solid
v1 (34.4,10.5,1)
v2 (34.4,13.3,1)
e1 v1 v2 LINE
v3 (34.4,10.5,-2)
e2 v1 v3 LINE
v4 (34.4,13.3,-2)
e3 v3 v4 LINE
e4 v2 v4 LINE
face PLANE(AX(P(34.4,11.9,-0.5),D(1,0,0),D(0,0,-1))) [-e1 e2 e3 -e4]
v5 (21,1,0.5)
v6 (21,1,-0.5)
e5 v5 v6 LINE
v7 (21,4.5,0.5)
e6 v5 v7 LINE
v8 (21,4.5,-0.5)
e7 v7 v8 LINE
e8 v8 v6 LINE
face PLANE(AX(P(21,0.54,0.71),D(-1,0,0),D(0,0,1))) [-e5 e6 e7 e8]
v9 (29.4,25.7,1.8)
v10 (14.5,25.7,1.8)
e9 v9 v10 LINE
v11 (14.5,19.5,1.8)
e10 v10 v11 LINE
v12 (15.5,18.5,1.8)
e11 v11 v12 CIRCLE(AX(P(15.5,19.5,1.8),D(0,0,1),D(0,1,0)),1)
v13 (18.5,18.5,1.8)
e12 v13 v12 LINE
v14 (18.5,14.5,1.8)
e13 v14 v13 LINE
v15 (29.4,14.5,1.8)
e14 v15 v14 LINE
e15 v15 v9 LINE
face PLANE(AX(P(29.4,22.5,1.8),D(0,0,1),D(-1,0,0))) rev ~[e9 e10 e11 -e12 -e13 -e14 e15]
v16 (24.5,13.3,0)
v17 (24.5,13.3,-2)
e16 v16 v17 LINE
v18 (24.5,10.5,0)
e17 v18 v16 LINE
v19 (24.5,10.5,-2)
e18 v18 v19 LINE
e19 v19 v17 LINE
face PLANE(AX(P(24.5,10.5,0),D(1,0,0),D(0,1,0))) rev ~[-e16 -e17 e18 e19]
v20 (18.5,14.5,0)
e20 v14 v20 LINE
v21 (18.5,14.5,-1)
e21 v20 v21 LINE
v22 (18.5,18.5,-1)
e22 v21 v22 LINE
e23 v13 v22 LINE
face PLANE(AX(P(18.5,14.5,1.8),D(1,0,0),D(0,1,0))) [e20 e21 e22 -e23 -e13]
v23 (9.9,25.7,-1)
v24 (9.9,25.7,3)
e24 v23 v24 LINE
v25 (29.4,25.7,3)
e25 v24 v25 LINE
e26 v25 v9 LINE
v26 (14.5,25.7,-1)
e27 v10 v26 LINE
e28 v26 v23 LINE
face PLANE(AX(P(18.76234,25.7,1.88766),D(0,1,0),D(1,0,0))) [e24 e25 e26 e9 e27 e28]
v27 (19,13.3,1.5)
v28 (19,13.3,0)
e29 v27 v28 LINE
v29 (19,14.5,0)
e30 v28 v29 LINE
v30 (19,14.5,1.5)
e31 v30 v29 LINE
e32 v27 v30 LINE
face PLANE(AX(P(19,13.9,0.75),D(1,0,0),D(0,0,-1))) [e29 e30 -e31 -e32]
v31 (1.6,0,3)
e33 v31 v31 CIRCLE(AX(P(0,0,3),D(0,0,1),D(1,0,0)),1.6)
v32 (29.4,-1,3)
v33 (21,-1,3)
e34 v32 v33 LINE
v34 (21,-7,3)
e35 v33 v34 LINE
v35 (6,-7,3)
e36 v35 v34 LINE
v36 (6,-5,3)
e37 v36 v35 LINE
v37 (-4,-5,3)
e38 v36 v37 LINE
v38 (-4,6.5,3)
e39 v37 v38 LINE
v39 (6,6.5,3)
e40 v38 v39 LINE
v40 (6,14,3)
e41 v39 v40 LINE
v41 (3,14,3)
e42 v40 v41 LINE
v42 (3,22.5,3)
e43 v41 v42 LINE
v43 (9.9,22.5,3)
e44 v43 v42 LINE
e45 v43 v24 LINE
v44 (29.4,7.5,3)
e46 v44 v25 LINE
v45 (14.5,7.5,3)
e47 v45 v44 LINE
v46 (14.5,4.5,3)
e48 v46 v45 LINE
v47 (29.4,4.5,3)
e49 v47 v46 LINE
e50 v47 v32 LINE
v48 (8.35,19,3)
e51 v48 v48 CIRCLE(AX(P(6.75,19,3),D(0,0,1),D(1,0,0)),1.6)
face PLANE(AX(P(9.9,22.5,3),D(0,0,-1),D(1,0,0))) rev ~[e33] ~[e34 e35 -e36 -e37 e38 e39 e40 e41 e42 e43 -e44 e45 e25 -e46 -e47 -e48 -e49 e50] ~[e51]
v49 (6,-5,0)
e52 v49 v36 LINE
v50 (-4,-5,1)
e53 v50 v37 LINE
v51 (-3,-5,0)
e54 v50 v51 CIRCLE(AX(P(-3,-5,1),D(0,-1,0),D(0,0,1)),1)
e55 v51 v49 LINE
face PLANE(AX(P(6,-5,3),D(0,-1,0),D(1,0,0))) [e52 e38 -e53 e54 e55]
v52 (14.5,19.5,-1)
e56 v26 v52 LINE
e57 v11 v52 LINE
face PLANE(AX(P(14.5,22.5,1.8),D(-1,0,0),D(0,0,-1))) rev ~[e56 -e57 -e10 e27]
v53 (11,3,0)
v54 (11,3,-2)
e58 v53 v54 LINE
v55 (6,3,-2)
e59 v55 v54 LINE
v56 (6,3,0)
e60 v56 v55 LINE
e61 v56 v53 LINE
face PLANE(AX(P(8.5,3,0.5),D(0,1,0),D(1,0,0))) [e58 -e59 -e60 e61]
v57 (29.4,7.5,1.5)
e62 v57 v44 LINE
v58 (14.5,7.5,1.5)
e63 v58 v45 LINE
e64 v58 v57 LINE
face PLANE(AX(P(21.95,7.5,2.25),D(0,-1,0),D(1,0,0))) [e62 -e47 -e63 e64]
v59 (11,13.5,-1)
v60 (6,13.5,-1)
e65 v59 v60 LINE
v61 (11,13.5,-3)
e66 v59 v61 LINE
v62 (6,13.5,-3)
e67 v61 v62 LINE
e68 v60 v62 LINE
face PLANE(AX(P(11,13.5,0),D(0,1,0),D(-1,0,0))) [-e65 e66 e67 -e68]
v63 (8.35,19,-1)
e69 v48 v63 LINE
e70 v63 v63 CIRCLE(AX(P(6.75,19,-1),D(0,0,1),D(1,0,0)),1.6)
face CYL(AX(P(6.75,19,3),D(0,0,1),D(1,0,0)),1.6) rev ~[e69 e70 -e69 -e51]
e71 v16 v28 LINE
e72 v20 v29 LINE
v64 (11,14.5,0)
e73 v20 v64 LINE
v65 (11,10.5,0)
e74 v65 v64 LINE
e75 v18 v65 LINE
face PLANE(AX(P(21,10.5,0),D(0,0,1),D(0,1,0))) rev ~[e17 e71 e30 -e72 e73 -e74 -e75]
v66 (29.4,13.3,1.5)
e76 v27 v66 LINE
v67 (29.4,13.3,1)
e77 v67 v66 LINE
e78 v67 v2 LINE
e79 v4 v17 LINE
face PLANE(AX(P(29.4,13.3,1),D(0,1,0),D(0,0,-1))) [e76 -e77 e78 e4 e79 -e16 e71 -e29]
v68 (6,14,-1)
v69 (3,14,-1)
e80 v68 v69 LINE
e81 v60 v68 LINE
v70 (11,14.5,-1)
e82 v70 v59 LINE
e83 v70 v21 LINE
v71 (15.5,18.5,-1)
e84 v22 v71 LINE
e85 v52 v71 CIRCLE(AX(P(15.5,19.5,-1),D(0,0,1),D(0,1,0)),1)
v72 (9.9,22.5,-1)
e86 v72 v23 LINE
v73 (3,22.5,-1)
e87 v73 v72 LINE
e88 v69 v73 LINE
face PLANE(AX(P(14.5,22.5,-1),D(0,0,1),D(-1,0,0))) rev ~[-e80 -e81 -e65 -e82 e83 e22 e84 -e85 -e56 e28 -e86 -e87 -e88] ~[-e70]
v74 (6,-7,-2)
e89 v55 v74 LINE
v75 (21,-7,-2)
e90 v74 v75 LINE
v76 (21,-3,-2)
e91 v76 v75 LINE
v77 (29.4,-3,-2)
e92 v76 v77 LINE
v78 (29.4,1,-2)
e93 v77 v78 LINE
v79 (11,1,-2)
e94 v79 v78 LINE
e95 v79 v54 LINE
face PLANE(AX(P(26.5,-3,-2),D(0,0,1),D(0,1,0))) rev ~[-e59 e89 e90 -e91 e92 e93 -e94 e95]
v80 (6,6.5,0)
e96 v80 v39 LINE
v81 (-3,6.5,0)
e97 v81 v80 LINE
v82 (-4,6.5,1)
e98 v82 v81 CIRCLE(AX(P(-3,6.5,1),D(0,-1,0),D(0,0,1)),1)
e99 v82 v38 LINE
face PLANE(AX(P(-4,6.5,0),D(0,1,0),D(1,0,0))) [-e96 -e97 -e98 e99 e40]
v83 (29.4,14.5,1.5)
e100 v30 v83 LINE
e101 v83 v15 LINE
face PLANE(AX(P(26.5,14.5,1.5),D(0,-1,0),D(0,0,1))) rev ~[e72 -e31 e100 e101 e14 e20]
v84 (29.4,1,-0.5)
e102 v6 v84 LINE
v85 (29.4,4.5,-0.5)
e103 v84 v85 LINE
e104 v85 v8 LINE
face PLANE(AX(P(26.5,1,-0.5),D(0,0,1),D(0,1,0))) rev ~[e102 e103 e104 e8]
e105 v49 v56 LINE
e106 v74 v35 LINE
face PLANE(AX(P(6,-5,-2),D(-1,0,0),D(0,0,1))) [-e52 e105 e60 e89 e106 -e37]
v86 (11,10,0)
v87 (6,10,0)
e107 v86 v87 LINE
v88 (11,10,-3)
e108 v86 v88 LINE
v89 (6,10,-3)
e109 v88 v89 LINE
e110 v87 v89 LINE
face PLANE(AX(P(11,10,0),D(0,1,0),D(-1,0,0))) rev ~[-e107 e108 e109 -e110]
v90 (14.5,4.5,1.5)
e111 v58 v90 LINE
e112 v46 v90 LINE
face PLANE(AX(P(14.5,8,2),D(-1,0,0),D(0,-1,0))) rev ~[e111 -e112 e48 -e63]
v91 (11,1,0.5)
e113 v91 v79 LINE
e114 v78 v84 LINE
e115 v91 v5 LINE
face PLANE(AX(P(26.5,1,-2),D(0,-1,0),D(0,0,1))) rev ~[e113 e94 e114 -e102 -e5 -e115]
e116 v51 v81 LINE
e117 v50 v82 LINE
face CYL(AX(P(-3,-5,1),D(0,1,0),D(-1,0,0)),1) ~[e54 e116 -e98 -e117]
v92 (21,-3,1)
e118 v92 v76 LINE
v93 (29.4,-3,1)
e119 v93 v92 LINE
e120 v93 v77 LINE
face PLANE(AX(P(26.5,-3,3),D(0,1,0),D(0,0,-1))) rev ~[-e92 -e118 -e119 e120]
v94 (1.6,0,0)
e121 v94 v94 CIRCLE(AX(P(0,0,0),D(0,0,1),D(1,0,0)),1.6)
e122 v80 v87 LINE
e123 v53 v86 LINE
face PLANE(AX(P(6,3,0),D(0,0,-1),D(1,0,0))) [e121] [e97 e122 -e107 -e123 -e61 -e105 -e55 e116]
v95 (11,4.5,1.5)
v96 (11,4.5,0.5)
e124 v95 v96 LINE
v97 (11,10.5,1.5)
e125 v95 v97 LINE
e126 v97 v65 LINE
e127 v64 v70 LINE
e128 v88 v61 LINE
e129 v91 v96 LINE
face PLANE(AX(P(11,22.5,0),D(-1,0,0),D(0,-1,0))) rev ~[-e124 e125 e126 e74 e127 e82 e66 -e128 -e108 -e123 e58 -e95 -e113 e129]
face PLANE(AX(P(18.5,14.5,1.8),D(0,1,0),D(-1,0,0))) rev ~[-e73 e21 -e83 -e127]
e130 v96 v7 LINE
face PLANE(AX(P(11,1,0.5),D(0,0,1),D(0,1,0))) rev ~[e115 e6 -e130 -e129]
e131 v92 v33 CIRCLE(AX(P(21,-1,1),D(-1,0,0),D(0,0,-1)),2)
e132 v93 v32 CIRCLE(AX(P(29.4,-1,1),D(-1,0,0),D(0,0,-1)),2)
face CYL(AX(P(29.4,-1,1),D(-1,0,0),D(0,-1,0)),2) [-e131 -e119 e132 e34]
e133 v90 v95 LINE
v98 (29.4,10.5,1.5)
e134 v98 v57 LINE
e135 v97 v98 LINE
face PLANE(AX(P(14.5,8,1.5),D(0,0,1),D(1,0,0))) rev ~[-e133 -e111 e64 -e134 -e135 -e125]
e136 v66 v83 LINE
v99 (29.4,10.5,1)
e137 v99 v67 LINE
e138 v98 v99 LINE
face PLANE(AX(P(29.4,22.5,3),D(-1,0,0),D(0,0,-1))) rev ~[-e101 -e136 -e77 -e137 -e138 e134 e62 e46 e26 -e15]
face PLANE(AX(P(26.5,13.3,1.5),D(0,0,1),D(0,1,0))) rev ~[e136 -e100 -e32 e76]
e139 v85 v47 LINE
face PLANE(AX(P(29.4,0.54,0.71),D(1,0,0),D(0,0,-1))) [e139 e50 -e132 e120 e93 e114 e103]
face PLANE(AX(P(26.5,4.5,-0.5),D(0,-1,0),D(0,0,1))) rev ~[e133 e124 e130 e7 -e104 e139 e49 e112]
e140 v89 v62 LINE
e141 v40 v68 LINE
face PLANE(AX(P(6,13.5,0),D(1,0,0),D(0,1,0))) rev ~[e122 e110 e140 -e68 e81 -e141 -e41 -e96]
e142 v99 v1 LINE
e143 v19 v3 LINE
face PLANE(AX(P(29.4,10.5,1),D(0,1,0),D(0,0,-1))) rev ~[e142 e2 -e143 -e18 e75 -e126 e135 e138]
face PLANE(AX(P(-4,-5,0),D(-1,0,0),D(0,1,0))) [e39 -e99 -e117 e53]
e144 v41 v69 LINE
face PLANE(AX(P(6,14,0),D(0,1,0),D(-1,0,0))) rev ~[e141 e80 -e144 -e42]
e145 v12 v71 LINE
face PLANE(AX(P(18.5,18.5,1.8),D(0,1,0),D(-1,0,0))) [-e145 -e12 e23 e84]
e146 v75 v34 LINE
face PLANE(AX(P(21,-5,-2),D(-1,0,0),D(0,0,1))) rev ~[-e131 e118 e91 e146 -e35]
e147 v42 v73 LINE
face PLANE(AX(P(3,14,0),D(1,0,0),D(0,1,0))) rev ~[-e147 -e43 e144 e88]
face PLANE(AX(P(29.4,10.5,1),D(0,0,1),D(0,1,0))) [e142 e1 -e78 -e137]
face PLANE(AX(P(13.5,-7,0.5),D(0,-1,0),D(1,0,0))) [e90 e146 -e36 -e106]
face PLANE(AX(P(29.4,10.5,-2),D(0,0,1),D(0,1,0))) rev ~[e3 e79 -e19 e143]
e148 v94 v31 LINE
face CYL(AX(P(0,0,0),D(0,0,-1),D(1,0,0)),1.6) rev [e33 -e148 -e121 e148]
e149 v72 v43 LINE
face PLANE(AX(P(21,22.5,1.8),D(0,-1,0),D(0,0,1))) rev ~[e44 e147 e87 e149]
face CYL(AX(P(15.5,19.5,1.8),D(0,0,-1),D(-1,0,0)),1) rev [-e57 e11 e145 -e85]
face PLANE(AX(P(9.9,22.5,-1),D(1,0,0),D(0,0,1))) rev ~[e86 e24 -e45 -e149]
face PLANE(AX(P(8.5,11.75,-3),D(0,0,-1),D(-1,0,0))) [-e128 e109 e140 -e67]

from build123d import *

# Parameters (mm, degrees)
SKETCH_1_W          = 10
SKETCH_1_H          = 11.5
SKETCH_1_R          = 1.6
EXTRUDE_1_DEPTH     = 3
SKETCH_2_W          = 15
SKETCH_2_H          = 6
EXTRUDE_2_DEPTH     = 5
FILLET_1_R          = 1
SKETCH_3_W          = 5
SKETCH_3_H          = 5
EXTRUDE_3_DEPTH     = 2
SKETCH_4_W          = 5
SKETCH_4_H          = 3
EXTRUDE_4_DEPTH     = 19.5
SKETCH_5_W          = 5
SKETCH_5_H          = 3.5
EXTRUDE_5_DEPTH     = 3
SKETCH_6_W          = 3
SKETCH_6_H          = 8.5
EXTRUDE_6_DEPTH     = 3
EXTRUDE_7_DEPTH     = 1
SKETCH_8_W          = 3.5
SKETCH_8_H          = 21.5
EXTRUDE_8_DEPTH     = 1
SKETCH_9_W          = 3
SKETCH_9_H          = 8
EXTRUDE_9_DEPTH     = 3.5
EXTRUDE_10_REACH    = 29.208
SKETCH_10_W         = 2.5
SKETCH_10_H         = 3.5
EXTRUDE_11_REACH    = 29.208
SKETCH_11_W         = 3
SKETCH_11_H         = 4
SKETCH_12_W         = 1.5
SKETCH_12_H         = 1.2
CUT_EXTRUDE_1_DEPTH = 2
SKETCH_13_W         = 1
SKETCH_13_H         = 2.5
EXTRUDE_12_DEPTH    = 6.5
SKETCH_14_W         = 1.2
SKETCH_14_H         = 8
EXTRUDE_13_DEPTH    = 6.5
SKETCH_15_W         = 4
SKETCH_15_H         = 4
EXTRUDE_14_DEPTH    = 2.8
FILLET_2_R          = 1
CUT_EXTRUDE_2_REACH = 33.357
SKETCH_16_R         = 1.6
SKETCH_17_W         = 15
SKETCH_17_H         = 5
EXTRUDE_15_DEPTH    = 2
EXTRUDE_16_DEPTH    = 5.5
SKETCH_19_W         = 2
SKETCH_19_H         = 2.8
EXTRUDE_17_DEPTH    = 2
EXTRUDE_18_DEPTH    = 5.5
EXTRUDE_19_DEPTH    = 2.9
EXTRUDE_20_DEPTH    = 0.5
FILLET_3_R          = 2
SKETCH_23_W         = 14.9
SKETCH_23_H         = 1.5
EXTRUDE_21_DEPTH    = 0.5
SKETCH_24_W         = 3
SKETCH_24_H         = 2.8
EXTRUDE_22_DEPTH    = 5
EXTRUDE_23_DEPTH    = 3.2


with BuildPart() as part:
    # 草图1 → 凸台-拉伸1 (new body)
    with BuildSketch(Plane.XY):
        with Locations((1, 0.75)):
            Rectangle(SKETCH_1_W, SKETCH_1_H)
        Circle(SKETCH_1_R, mode=Mode.SUBTRACT)
    extrude(amount=EXTRUDE_1_DEPTH)

    # 草图2 → 凸台-拉伸2 (add)
    with BuildSketch(Plane.XY.offset(3)):
        with Locations((13.5, -2)):
            Rectangle(SKETCH_2_W, SKETCH_2_H)
    extrude(amount=-EXTRUDE_2_DEPTH)

    # 圆角1
    fillet_1_edges = [part.edges().sort_by_distance(p)[0] for p in [
        (-4, 0.75, 0),
    ]]
    fillet(fillet_1_edges, radius=FILLET_1_R)

    # 草图3 → 凸台-拉伸3 (add)
    with BuildSketch(Plane(origin=(0, 1, 0), x_dir=(1, 0, 0), z_dir=(0, 1, 0))):
        with Locations((8.5, -0.5)):
            Rectangle(SKETCH_3_W, SKETCH_3_H)
    extrude(amount=EXTRUDE_3_DEPTH)

    # 草图4 → 凸台-拉伸4 (add)
    with BuildSketch(Plane(origin=(0, 3, 0), x_dir=(1, 0, 0), z_dir=(0, 1, 0))):
        with Locations((8.5, -1.5)):
            Rectangle(SKETCH_4_W, SKETCH_4_H)
    extrude(amount=EXTRUDE_4_DEPTH)

    # 草图5 → 凸台-拉伸5 (add)
    with BuildSketch(Plane(origin=(0, 0, 0), x_dir=(-1, 0, 0), z_dir=(0, 0, -1))):
        with Locations((-8.5, 11.75)):
            Rectangle(SKETCH_5_W, SKETCH_5_H)
    extrude(amount=EXTRUDE_5_DEPTH)

    # 草图6 → 凸台-拉伸6 (add)
    with BuildSketch(Plane.ZY.offset(-6)):
        with Locations((1.5, 18.25)):
            Rectangle(SKETCH_6_W, SKETCH_6_H)
    extrude(amount=EXTRUDE_6_DEPTH)

    # 草图7 → 凸台-拉伸7 (add)
    with BuildSketch(Plane(origin=(0, 0, 0), x_dir=(-1, 0, 0), z_dir=(0, 0, -1))):
        Polygon((-11, 13.5), (-6, 13.5), (-6, 14), (-3, 14), (-3, 22.5), (-11, 22.5), align=None)
    extrude(amount=EXTRUDE_7_DEPTH)

    # 草图8 → 凸台-拉伸8 (add)
    with BuildSketch(Plane.XY.offset(3)):
        with Locations((12.75, 11.75)):
            Rectangle(SKETCH_8_W, SKETCH_8_H)
    extrude(amount=-EXTRUDE_8_DEPTH)

    # 草图9 → 凸台-拉伸9 (add)
    with BuildSketch(Plane(origin=(11, 0, 0), x_dir=(0, 0, -1), z_dir=(1, 0, 0))):
        with Locations((-0.5, 18.5)):
            Rectangle(SKETCH_9_W, SKETCH_9_H)
    extrude(amount=EXTRUDE_9_DEPTH)

    # 凸台-拉伸10: up to this face of the body (flat: up to its plane)
    extrude_10_end = Plane(part.part.faces().sort_by_distance((21, -2, 0.5))[0])
    # 草图10 → 凸台-拉伸10 (add, up to the picked face)
    with BuildSketch(Plane(origin=(11, 0, 0), x_dir=(0, 0, -1), z_dir=(1, 0, 0)), mode=Mode.PRIVATE) as extrude_10_sk1:
        with Locations((-1.75, 2.75)):
            Rectangle(SKETCH_10_W, SKETCH_10_H)
    extrude_10_tool1 = split(extrude(extrude_10_sk1.sketch, amount=EXTRUDE_10_REACH, mode=Mode.PRIVATE), bisect_by=extrude_10_end, keep=Keep.BOTH, mode=Mode.PRIVATE)
    add(extrude_10_tool1.solids().sort_by(Axis((11, 2.75, 1.75), (1, 0, 0)))[0])

    # 凸台-拉伸11: up to this face of the body (flat: up to its plane)
    extrude_11_end = Plane(part.part.faces().sort_by_distance((21, -0.927419355, 0.782258065))[0])
    # 草图11 → 凸台-拉伸11 (add, up to the picked face)
    with BuildSketch(Plane(origin=(11, 0, 0), x_dir=(0, 0, -1), z_dir=(1, 0, 0)), mode=Mode.PRIVATE) as extrude_11_sk1:
        with Locations((-1.5, 12.5)):
            Rectangle(SKETCH_11_W, SKETCH_11_H)
    extrude_11_tool1 = split(extrude(extrude_11_sk1.sketch, amount=EXTRUDE_11_REACH, mode=Mode.PRIVATE), bisect_by=extrude_11_end, keep=Keep.BOTH, mode=Mode.PRIVATE)
    add(extrude_11_tool1.solids().sort_by(Axis((11, 12.5, 1.5), (1, 0, 0)))[0])

    # 草图12 → 切除-拉伸1 (cut)
    with BuildSketch(Plane(origin=(21, 0, 0), x_dir=(0, 0, -1), z_dir=(1, 0, 0))):
        with Locations((-0.75, 13.9)):
            Rectangle(SKETCH_12_W, SKETCH_12_H)
    extrude(amount=-CUT_EXTRUDE_1_DEPTH, mode=Mode.SUBTRACT)

    # 草图13 → 凸台-拉伸12 (add)
    with BuildSketch(Plane(origin=(14.5, 0, 0), x_dir=(0, 0, -1), z_dir=(1, 0, 0))):
        with Locations((-2.5, 9.25)):
            Rectangle(SKETCH_13_W, SKETCH_13_H)
    extrude(amount=EXTRUDE_12_DEPTH)

    # 草图14 → 凸台-拉伸13 (add)
    with BuildSketch(Plane(origin=(14.5, 0, 0), x_dir=(0, 0, -1), z_dir=(1, 0, 0))):
        with Locations((-2.4, 18.5)):
            Rectangle(SKETCH_14_W, SKETCH_14_H)
    extrude(amount=EXTRUDE_13_DEPTH)

    # 草图15 → 凸台-拉伸14 (add)
    with BuildSketch(Plane(origin=(0, 0, 1.8), x_dir=(-1, 0, 0), z_dir=(0, 0, -1))):
        with Locations((-16.5, 16.5)):
            Rectangle(SKETCH_15_W, SKETCH_15_H)
    extrude(amount=EXTRUDE_14_DEPTH)

    # 圆角2
    fillet_2_edges = [part.edges().sort_by_distance(p)[0] for p in [
        (14.5, 18.5, 0.4),
    ]]
    fillet(fillet_2_edges, radius=FILLET_2_R)

    # 草图16 → 切除-拉伸2 (cut, up to next)
    with BuildSketch(Plane.XY.offset(3), mode=Mode.PRIVATE) as cut_extrude_2_sk1:
        with Locations((6.75, 19)):
            Circle(SKETCH_16_R)
    cut_extrude_2_tool1 = extrude(cut_extrude_2_sk1.sketch, amount=-CUT_EXTRUDE_2_REACH, mode=Mode.PRIVATE) & part.part
    add(cut_extrude_2_tool1.solids().sort_by_distance((6.75, 19, 3))[0], mode=Mode.SUBTRACT)

    # 草图17 → 凸台-拉伸15 (add)
    with BuildSketch(Plane.XZ.offset(5)):
        with Locations((13.5, 0.5)):
            Rectangle(SKETCH_17_W, SKETCH_17_H)
    extrude(amount=EXTRUDE_15_DEPTH)

    # 草图18 → 凸台-拉伸16 (add)
    with BuildSketch(Plane(origin=(21, 0, 0), x_dir=(0, 0, -1), z_dir=(1, 0, 0))):
        Polygon((0, 13.3), (-1.5, 13.3), (-1.5, 14.5), (-1.8, 14.5), (-1.8, 22.5), (-3, 22.5), (-3, 8), (-2, 8), (-2, 10.5), (0, 10.5), align=None)
    extrude(amount=EXTRUDE_16_DEPTH)

    # 草图19 → 凸台-拉伸17 (add)
    with BuildSketch(Plane(origin=(0, 0, 0), x_dir=(-1, 0, 0), z_dir=(0, 0, -1))):
        with Locations((-25.5, 11.9)):
            Rectangle(SKETCH_19_W, SKETCH_19_H)
    extrude(amount=EXTRUDE_17_DEPTH)

    # 草图20 → 凸台-拉伸18 (add)
    with BuildSketch(Plane(origin=(21, 0, 0), x_dir=(0, 0, -1), z_dir=(1, 0, 0))):
        Polygon((0.5, -3), (-3, -3), (-3, 4.5), (0.5, 4.5), (0.5, 1), (2, 1), (2, -3), align=None)
    extrude(amount=EXTRUDE_18_DEPTH)

    # 草图21 → 凸台-拉伸19 (add)
    with BuildSketch(Plane(origin=(26.5, 0, 0), x_dir=(0, 0, -1), z_dir=(1, 0, 0))):
        Polygon((-3, -3), (2, -3), (2, 1), (0.5, 1), (0.5, 4.5), (-3, 4.5), align=None)
        Polygon((-2, 10.5), (2, 10.5), (2, 13.3), (-1.5, 13.3), (-1.5, 14.5), (-1.8, 14.5), (-1.8, 22.5), (-3, 22.5), (-3, 8), (-2, 8), align=None)
    extrude(amount=EXTRUDE_19_DEPTH)

    # 草图22 → 凸台-拉伸20 (add)
    with BuildSketch(Plane(origin=(0, 0, 2), x_dir=(-1, 0, 0), z_dir=(0, 0, -1))):
        Polygon((-11, 10.5), (-29.4, 10.5), (-29.4, 8), (-14.5, 8), (-14.5, 4.5), (-11, 4.5), align=None)
    extrude(amount=EXTRUDE_20_DEPTH)

    # 圆角3
    fillet_3_edges = [part.edges().sort_by_distance(p)[0] for p in [
        (25.2, -3, 3),
    ]]
    fillet(fillet_3_edges, radius=FILLET_3_R)

    # 草图23 → 凸台-拉伸21 (add)
    with BuildSketch(Plane.XZ.offset(-8)):
        with Locations((21.95, 2.25)):
            Rectangle(SKETCH_23_W, SKETCH_23_H)
    extrude(amount=EXTRUDE_21_DEPTH)

    # 草图24 → 凸台-拉伸22 (add)
    with BuildSketch(Plane(origin=(29.4, 0, 0), x_dir=(0, 0, -1), z_dir=(1, 0, 0))):
        with Locations((0.5, 11.9)):
            Rectangle(SKETCH_24_W, SKETCH_24_H)
    extrude(amount=EXTRUDE_22_DEPTH)

    # 草图25 → 凸台-拉伸23 (add)
    with BuildSketch(Plane(origin=(0, 22.5, 0), x_dir=(1, 0, 0), z_dir=(0, 1, 0))):
        Polygon((9.9, 1), (9.9, -3), (29.4, -3), (29.4, -1.8), (14.5, -1.8), (14.5, 1), align=None)
    extrude(amount=EXTRUDE_23_DEPTH)


solid = part.part
